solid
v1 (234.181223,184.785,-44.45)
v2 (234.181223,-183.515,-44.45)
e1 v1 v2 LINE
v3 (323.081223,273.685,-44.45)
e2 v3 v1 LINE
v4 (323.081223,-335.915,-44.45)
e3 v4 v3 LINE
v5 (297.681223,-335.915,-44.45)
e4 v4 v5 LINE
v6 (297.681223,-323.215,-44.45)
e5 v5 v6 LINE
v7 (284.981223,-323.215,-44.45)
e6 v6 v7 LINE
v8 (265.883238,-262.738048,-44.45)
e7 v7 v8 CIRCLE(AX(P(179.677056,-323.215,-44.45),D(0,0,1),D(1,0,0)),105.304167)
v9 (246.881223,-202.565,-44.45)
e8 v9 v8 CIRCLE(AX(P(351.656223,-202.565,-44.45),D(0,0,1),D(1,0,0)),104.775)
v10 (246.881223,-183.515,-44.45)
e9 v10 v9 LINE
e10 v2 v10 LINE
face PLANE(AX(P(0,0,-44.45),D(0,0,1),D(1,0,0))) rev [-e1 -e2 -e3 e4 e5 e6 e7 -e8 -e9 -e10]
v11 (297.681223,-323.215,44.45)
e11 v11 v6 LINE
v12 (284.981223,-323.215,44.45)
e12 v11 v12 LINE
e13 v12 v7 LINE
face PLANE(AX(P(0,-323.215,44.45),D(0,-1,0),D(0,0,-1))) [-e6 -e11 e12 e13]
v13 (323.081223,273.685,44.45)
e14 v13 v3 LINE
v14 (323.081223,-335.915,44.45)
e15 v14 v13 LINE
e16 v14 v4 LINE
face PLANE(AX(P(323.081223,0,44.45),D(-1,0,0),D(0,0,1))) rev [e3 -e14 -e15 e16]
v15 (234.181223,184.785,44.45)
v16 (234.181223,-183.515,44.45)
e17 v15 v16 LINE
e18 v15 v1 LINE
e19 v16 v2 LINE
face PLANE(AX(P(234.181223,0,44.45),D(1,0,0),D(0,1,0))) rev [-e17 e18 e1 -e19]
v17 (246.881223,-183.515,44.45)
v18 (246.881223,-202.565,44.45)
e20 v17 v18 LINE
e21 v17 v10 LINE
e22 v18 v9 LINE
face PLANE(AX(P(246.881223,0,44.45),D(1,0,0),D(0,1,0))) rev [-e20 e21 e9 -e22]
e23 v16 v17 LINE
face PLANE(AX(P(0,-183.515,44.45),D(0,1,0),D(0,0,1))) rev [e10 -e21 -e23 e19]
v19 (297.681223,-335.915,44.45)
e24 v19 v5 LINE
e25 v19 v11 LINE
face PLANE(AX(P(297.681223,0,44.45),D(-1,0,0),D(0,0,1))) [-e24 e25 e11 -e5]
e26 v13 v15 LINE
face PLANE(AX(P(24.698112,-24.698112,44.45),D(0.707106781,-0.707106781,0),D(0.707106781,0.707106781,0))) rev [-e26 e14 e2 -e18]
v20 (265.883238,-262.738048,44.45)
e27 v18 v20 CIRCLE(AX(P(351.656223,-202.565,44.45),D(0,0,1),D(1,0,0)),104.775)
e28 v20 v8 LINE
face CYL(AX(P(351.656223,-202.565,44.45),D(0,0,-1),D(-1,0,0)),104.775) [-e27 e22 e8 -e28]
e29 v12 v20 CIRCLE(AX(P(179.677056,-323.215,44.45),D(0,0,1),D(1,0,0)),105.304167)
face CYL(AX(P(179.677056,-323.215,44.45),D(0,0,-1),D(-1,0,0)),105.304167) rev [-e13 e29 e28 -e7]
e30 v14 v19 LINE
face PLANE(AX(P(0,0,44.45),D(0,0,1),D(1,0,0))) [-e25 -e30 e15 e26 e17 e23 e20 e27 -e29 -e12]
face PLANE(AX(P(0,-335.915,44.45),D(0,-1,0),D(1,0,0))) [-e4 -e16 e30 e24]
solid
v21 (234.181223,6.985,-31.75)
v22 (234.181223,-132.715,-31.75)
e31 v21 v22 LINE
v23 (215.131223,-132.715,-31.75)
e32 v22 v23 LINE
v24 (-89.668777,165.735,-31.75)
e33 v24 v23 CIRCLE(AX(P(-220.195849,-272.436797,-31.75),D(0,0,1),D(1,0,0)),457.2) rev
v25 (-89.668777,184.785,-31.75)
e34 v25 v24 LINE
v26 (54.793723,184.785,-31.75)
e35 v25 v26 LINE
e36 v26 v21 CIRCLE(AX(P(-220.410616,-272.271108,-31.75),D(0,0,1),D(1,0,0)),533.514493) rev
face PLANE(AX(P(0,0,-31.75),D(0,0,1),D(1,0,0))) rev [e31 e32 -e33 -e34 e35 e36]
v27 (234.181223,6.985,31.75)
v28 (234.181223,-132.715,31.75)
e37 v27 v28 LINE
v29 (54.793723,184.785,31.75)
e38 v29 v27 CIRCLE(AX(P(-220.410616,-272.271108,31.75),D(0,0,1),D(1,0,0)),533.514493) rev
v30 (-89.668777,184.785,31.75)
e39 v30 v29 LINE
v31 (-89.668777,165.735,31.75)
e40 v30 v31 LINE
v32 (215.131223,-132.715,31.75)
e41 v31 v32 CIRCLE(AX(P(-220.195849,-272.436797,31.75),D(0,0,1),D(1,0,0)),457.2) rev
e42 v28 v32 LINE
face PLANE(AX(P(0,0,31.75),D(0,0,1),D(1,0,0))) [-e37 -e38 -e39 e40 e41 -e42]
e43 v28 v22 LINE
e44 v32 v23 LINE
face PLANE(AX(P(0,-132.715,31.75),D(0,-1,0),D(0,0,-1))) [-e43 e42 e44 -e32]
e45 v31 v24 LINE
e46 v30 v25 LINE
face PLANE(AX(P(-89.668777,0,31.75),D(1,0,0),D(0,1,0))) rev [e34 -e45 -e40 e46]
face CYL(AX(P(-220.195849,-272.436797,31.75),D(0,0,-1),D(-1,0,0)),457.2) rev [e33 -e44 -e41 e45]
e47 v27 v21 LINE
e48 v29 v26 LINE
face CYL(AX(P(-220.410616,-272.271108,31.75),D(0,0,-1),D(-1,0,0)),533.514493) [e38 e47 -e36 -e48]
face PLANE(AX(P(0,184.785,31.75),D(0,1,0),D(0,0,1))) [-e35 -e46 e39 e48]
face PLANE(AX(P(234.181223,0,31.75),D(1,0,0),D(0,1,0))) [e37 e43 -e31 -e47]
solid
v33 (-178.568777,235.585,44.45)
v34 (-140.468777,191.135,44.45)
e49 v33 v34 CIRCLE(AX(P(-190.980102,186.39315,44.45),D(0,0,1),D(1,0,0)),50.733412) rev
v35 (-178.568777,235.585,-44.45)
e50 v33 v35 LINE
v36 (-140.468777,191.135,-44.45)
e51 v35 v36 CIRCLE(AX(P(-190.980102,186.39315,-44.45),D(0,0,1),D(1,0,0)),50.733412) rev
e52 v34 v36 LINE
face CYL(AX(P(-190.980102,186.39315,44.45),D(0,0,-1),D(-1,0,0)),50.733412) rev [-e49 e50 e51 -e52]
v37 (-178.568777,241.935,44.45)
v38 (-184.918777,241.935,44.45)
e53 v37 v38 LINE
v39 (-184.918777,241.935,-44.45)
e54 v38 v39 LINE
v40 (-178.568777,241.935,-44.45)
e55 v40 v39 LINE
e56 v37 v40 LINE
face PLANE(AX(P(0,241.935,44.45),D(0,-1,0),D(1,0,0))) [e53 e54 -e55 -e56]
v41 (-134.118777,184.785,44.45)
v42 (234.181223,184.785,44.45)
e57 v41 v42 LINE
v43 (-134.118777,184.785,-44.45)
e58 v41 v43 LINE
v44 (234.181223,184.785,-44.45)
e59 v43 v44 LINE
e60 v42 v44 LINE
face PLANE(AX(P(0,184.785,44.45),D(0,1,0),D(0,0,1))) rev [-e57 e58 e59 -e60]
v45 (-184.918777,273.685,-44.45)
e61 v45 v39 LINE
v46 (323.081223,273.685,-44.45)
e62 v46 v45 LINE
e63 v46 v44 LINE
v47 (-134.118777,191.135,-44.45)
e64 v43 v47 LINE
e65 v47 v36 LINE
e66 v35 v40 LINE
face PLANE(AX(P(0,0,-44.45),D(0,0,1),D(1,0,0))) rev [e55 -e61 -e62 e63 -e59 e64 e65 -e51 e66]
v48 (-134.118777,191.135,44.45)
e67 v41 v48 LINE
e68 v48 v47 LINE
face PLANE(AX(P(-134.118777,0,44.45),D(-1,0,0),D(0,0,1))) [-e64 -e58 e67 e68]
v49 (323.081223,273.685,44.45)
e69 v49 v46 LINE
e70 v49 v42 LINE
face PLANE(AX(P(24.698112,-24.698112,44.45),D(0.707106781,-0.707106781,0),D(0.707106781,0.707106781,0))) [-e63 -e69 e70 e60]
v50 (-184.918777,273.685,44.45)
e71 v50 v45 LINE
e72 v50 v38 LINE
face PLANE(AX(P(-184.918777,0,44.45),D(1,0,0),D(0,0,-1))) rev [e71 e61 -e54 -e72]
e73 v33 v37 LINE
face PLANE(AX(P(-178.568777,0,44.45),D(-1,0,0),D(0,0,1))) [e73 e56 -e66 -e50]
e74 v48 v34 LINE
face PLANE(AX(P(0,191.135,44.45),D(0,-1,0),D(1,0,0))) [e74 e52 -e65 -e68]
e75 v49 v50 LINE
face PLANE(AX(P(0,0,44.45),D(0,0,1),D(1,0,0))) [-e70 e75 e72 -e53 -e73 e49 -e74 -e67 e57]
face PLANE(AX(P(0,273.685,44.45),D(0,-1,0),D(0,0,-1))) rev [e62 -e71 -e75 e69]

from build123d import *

# Parameters (mm, degrees)
BOSS_EXTRUDE1_DEPTH = 44.45
BOSS_EXTRUDE2_DEPTH = 31.75
BOSS_EXTRUDE3_DEPTH = 44.45


with BuildPart() as part:
    # Sketch1 → Boss-Extrude1 (new body, symmetric)
    with BuildSketch(Plane.XY):
        with BuildLine():
            Line((-178.568776984, 235.585), (-178.568776984, 241.935))
            Line((-178.568776984, 241.935), (-184.918776984, 241.935))
            Line((-184.918776984, 241.935), (-184.918776984, 273.685))
            Line((-184.918776984, 273.685), (323.081223016, 273.685))
            Line((323.081223016, 273.685), (234.181223016, 184.785))
            Line((234.181223016, 184.785), (-134.118776984, 184.785))
            Line((-134.118776984, 184.785), (-134.118776984, 191.135))
            Line((-134.118776984, 191.135), (-140.468776984, 191.135))
            ThreePointArc((-140.468776984, 191.135), (-152.460423906, 219.410016924), (-178.568776984, 235.585))
        make_face()
    extrude(amount=BOSS_EXTRUDE1_DEPTH, both=True)


with BuildPart() as body_2:
    # Sketch1_3 → Boss-Extrude2 (new body, symmetric)
    with BuildSketch(Plane.XY):
        with BuildLine():
            ThreePointArc((234.181223016, 6.985), (155.160715929, 106.653539725), (54.793723016, 184.785))
            Line((54.793723016, 184.785), (-89.668776984, 184.785))
            Line((-89.668776984, 184.785), (-89.668776984, 165.735))
            ThreePointArc((-89.668776984, 165.735), (99.67260633, 54.237370194), (215.131223016, -132.715))
            Line((215.131223016, -132.715), (234.181223016, -132.715))
            Line((234.181223016, -132.715), (234.181223016, 6.985))
        make_face()
    extrude(amount=BOSS_EXTRUDE2_DEPTH, both=True)


with BuildPart() as body_3:
    # Sketch1_4 → Boss-Extrude3 (new body, symmetric)
    with BuildSketch(Plane.XY):
        with BuildLine():
            Line((323.081223016, -335.915), (323.081223016, 273.685))
            Line((323.081223016, 273.685), (234.181223016, 184.785))
            Line((234.181223016, 184.785), (234.181223016, -183.515))
            Line((234.181223016, -183.515), (246.881223016, -183.515))
            Line((246.881223016, -183.515), (246.881223016, -202.565))
            ThreePointArc((246.881223016, -202.565), (251.744599276, -234.116039076), (265.883238129, -262.738047859))
            ThreePointArc((265.883238129, -262.738047859), (280.093284249, -291.504612242), (284.981223016, -323.215))
            Line((284.981223016, -323.215), (297.681223016, -323.215))
            Line((297.681223016, -323.215), (297.681223016, -335.915))
            Line((297.681223016, -335.915), (323.081223016, -335.915))
        make_face()
    extrude(amount=BOSS_EXTRUDE3_DEPTH, both=True)


solid = Compound([part.part, body_2.part, body_3.part])
